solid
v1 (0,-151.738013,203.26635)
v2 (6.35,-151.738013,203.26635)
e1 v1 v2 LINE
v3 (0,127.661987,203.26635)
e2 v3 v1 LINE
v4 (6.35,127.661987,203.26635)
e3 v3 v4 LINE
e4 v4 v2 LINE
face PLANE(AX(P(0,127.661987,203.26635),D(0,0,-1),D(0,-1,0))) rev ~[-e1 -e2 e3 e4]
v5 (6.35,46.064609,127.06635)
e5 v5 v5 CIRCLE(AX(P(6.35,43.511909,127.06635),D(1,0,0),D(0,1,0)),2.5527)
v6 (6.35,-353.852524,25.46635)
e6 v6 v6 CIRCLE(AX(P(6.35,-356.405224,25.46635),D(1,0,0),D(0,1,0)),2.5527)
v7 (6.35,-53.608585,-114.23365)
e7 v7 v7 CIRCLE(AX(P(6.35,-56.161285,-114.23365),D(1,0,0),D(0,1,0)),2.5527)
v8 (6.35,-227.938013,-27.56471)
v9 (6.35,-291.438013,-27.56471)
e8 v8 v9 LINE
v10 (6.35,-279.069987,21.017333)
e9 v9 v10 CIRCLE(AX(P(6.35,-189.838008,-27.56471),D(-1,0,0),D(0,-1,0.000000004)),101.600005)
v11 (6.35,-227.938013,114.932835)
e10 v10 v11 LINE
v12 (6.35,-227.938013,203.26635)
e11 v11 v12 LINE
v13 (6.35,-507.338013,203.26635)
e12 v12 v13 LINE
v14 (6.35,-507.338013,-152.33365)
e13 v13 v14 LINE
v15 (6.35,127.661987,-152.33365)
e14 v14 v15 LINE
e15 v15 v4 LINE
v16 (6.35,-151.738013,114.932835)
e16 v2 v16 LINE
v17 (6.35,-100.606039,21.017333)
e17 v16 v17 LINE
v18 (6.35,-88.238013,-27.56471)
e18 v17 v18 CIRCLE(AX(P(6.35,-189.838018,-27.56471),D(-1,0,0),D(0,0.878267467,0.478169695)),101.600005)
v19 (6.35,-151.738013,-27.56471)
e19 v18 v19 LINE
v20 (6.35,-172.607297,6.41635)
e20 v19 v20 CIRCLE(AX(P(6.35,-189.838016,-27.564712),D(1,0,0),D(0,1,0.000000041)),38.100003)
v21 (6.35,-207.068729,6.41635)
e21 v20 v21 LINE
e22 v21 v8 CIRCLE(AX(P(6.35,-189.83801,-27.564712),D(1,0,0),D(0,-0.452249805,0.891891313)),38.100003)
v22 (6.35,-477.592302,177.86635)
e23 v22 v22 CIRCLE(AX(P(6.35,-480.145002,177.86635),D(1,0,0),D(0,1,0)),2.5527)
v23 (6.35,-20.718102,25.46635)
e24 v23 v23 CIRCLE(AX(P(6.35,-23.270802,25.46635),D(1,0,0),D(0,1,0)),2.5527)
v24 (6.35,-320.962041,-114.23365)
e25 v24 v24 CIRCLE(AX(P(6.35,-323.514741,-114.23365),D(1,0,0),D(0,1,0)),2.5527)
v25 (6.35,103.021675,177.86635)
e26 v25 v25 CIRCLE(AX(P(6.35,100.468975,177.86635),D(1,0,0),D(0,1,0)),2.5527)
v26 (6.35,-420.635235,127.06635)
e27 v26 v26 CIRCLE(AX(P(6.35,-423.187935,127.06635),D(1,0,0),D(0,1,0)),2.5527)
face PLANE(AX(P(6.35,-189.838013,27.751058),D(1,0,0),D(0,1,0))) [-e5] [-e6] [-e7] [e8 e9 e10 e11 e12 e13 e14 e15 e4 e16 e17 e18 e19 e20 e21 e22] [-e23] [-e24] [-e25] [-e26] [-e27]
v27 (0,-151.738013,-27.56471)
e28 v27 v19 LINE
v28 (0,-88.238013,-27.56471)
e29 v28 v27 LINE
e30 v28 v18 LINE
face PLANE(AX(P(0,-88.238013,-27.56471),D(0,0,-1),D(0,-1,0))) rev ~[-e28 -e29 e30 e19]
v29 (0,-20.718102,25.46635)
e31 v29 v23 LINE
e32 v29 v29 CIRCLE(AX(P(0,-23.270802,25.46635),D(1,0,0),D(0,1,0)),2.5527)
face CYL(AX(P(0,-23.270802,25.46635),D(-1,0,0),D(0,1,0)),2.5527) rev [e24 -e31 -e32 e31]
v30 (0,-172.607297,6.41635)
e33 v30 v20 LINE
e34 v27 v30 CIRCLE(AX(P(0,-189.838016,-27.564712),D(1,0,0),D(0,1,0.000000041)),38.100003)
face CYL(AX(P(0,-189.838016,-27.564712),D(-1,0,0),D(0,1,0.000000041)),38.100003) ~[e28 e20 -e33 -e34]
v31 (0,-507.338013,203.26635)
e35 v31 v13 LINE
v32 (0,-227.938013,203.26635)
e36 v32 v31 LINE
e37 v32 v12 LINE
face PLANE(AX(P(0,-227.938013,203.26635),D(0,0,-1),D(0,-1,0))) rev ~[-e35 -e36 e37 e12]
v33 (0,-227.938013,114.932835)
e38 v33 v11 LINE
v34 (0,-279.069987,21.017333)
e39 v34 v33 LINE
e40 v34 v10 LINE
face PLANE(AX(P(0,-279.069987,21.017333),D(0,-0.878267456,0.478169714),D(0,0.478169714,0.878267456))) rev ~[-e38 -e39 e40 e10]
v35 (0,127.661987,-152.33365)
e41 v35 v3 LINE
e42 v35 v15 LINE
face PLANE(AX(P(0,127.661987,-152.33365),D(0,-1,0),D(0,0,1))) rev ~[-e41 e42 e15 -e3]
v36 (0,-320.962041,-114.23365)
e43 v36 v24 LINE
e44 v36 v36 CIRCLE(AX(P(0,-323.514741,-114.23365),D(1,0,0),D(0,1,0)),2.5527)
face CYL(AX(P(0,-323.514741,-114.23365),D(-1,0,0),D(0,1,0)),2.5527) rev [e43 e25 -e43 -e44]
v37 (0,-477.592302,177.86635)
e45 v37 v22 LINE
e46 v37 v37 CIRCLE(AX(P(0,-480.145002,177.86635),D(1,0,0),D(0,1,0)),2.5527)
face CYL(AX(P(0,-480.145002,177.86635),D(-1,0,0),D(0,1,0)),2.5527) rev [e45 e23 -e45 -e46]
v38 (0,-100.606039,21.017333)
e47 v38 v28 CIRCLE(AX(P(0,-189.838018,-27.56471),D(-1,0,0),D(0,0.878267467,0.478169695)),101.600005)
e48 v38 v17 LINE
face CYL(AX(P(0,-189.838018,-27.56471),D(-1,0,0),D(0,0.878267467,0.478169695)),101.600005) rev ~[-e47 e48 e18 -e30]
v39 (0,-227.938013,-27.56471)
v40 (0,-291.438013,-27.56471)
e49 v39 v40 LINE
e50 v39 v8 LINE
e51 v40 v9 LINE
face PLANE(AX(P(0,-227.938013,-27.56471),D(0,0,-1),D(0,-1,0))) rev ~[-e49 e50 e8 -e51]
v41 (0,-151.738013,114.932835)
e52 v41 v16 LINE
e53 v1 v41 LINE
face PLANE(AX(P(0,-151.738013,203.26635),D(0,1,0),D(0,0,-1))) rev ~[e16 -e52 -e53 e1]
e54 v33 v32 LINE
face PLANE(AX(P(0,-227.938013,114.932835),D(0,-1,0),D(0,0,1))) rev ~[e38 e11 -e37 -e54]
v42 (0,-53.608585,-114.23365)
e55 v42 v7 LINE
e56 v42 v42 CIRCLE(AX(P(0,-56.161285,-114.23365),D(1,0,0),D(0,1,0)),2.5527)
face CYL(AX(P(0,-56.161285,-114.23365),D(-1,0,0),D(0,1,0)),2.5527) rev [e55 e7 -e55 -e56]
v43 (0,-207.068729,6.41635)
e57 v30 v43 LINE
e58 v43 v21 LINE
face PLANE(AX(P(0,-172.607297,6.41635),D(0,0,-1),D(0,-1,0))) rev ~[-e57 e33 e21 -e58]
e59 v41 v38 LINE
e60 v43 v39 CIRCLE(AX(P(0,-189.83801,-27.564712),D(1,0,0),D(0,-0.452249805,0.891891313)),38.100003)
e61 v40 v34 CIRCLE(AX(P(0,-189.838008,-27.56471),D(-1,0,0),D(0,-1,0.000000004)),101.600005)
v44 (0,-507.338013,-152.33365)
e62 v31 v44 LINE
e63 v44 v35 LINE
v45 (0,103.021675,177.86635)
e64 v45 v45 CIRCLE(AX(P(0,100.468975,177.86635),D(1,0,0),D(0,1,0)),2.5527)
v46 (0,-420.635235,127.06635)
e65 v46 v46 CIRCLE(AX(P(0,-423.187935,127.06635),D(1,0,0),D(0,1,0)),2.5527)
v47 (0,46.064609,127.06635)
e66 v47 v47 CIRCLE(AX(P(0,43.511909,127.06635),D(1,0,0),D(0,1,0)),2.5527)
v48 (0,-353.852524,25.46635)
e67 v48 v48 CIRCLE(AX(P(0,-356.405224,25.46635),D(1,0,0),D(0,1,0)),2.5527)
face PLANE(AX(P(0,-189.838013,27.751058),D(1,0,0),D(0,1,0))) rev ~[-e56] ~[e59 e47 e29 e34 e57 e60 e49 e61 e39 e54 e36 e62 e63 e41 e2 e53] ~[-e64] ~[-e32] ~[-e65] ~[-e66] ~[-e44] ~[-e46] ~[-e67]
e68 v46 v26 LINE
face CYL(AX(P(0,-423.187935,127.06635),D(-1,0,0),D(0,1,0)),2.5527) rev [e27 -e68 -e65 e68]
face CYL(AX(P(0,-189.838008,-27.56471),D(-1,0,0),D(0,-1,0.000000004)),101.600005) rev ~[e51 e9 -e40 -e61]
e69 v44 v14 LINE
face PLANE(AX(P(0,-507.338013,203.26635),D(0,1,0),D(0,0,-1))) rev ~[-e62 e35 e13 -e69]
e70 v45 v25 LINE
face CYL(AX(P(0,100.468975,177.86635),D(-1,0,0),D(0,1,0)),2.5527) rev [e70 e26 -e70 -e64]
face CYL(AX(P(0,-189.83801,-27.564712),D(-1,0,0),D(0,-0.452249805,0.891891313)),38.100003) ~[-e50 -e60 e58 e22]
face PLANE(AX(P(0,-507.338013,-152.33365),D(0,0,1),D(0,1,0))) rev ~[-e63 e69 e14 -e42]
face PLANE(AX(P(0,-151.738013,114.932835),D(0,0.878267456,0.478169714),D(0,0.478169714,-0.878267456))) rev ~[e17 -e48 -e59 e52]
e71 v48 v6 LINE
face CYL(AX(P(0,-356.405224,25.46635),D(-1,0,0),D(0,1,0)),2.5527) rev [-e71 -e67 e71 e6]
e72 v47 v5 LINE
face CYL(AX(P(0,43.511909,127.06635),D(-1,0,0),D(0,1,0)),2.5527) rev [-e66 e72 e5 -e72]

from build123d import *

# Parameters (mm, degrees)
F0_R     = 2.5527
F1_DEPTH = 6.35


with BuildPart() as f1:
    # F0 (on Right) → F1 (new body)
    with BuildSketch(Plane.YZ):
        with BuildLine():
            Line((-507.338013, 203.26635), (-507.338013, -152.33365))
            Line((-507.338013, -152.33365), (127.661987, -152.33365))
            Line((127.661987, -152.33365), (127.661987, 203.26635))
            Line((127.661987, 203.26635), (-151.738013, 203.26635))
            Line((-151.738013, 203.26635), (-151.738013, 114.932835))
            Line((-151.738013, 114.932835), (-100.606039, 21.017333))
            ThreePointArc((-100.606039, 21.017333), (-91.378558, -2.498882), (-88.238013, -27.56471))
            Line((-88.238013, -27.56471), (-151.738013, -27.56471))
            ThreePointArc((-151.738013, -27.56471), (-157.371875, -7.625807), (-172.607297, 6.41635))
            Line((-172.607297, 6.41635), (-207.068729, 6.41635))
            ThreePointArc((-207.068729, 6.41635), (-222.304151, -7.625807), (-227.938013, -27.56471))
            Line((-227.938013, -27.56471), (-291.438013, -27.56471))
            ThreePointArc((-291.438013, -27.56471), (-288.297468, -2.498882), (-279.069987, 21.017333))
            Line((-279.069987, 21.017333), (-227.938013, 114.932835))
            Line((-227.938013, 114.932835), (-227.938013, 203.26635))
            Line((-227.938013, 203.26635), (-507.338013, 203.26635))
        make_face()
        with Locations((-323.514741, -114.23365)):
            Circle(F0_R, mode=Mode.SUBTRACT)
        with Locations((-356.405224, 25.46635)):
            Circle(F0_R, mode=Mode.SUBTRACT)
        with Locations((-56.161285, -114.23365)):
            Circle(F0_R, mode=Mode.SUBTRACT)
        with Locations((-423.187935, 127.06635)):
            Circle(F0_R, mode=Mode.SUBTRACT)
        with Locations((-480.145002, 177.86635)):
            Circle(F0_R, mode=Mode.SUBTRACT)
        with Locations((-23.270802, 25.46635)):
            Circle(F0_R, mode=Mode.SUBTRACT)
        with Locations((43.511909, 127.06635)):
            Circle(F0_R, mode=Mode.SUBTRACT)
        with Locations((100.468975, 177.86635)):
            Circle(F0_R, mode=Mode.SUBTRACT)
    extrude(amount=F1_DEPTH)


solid = f1.part
